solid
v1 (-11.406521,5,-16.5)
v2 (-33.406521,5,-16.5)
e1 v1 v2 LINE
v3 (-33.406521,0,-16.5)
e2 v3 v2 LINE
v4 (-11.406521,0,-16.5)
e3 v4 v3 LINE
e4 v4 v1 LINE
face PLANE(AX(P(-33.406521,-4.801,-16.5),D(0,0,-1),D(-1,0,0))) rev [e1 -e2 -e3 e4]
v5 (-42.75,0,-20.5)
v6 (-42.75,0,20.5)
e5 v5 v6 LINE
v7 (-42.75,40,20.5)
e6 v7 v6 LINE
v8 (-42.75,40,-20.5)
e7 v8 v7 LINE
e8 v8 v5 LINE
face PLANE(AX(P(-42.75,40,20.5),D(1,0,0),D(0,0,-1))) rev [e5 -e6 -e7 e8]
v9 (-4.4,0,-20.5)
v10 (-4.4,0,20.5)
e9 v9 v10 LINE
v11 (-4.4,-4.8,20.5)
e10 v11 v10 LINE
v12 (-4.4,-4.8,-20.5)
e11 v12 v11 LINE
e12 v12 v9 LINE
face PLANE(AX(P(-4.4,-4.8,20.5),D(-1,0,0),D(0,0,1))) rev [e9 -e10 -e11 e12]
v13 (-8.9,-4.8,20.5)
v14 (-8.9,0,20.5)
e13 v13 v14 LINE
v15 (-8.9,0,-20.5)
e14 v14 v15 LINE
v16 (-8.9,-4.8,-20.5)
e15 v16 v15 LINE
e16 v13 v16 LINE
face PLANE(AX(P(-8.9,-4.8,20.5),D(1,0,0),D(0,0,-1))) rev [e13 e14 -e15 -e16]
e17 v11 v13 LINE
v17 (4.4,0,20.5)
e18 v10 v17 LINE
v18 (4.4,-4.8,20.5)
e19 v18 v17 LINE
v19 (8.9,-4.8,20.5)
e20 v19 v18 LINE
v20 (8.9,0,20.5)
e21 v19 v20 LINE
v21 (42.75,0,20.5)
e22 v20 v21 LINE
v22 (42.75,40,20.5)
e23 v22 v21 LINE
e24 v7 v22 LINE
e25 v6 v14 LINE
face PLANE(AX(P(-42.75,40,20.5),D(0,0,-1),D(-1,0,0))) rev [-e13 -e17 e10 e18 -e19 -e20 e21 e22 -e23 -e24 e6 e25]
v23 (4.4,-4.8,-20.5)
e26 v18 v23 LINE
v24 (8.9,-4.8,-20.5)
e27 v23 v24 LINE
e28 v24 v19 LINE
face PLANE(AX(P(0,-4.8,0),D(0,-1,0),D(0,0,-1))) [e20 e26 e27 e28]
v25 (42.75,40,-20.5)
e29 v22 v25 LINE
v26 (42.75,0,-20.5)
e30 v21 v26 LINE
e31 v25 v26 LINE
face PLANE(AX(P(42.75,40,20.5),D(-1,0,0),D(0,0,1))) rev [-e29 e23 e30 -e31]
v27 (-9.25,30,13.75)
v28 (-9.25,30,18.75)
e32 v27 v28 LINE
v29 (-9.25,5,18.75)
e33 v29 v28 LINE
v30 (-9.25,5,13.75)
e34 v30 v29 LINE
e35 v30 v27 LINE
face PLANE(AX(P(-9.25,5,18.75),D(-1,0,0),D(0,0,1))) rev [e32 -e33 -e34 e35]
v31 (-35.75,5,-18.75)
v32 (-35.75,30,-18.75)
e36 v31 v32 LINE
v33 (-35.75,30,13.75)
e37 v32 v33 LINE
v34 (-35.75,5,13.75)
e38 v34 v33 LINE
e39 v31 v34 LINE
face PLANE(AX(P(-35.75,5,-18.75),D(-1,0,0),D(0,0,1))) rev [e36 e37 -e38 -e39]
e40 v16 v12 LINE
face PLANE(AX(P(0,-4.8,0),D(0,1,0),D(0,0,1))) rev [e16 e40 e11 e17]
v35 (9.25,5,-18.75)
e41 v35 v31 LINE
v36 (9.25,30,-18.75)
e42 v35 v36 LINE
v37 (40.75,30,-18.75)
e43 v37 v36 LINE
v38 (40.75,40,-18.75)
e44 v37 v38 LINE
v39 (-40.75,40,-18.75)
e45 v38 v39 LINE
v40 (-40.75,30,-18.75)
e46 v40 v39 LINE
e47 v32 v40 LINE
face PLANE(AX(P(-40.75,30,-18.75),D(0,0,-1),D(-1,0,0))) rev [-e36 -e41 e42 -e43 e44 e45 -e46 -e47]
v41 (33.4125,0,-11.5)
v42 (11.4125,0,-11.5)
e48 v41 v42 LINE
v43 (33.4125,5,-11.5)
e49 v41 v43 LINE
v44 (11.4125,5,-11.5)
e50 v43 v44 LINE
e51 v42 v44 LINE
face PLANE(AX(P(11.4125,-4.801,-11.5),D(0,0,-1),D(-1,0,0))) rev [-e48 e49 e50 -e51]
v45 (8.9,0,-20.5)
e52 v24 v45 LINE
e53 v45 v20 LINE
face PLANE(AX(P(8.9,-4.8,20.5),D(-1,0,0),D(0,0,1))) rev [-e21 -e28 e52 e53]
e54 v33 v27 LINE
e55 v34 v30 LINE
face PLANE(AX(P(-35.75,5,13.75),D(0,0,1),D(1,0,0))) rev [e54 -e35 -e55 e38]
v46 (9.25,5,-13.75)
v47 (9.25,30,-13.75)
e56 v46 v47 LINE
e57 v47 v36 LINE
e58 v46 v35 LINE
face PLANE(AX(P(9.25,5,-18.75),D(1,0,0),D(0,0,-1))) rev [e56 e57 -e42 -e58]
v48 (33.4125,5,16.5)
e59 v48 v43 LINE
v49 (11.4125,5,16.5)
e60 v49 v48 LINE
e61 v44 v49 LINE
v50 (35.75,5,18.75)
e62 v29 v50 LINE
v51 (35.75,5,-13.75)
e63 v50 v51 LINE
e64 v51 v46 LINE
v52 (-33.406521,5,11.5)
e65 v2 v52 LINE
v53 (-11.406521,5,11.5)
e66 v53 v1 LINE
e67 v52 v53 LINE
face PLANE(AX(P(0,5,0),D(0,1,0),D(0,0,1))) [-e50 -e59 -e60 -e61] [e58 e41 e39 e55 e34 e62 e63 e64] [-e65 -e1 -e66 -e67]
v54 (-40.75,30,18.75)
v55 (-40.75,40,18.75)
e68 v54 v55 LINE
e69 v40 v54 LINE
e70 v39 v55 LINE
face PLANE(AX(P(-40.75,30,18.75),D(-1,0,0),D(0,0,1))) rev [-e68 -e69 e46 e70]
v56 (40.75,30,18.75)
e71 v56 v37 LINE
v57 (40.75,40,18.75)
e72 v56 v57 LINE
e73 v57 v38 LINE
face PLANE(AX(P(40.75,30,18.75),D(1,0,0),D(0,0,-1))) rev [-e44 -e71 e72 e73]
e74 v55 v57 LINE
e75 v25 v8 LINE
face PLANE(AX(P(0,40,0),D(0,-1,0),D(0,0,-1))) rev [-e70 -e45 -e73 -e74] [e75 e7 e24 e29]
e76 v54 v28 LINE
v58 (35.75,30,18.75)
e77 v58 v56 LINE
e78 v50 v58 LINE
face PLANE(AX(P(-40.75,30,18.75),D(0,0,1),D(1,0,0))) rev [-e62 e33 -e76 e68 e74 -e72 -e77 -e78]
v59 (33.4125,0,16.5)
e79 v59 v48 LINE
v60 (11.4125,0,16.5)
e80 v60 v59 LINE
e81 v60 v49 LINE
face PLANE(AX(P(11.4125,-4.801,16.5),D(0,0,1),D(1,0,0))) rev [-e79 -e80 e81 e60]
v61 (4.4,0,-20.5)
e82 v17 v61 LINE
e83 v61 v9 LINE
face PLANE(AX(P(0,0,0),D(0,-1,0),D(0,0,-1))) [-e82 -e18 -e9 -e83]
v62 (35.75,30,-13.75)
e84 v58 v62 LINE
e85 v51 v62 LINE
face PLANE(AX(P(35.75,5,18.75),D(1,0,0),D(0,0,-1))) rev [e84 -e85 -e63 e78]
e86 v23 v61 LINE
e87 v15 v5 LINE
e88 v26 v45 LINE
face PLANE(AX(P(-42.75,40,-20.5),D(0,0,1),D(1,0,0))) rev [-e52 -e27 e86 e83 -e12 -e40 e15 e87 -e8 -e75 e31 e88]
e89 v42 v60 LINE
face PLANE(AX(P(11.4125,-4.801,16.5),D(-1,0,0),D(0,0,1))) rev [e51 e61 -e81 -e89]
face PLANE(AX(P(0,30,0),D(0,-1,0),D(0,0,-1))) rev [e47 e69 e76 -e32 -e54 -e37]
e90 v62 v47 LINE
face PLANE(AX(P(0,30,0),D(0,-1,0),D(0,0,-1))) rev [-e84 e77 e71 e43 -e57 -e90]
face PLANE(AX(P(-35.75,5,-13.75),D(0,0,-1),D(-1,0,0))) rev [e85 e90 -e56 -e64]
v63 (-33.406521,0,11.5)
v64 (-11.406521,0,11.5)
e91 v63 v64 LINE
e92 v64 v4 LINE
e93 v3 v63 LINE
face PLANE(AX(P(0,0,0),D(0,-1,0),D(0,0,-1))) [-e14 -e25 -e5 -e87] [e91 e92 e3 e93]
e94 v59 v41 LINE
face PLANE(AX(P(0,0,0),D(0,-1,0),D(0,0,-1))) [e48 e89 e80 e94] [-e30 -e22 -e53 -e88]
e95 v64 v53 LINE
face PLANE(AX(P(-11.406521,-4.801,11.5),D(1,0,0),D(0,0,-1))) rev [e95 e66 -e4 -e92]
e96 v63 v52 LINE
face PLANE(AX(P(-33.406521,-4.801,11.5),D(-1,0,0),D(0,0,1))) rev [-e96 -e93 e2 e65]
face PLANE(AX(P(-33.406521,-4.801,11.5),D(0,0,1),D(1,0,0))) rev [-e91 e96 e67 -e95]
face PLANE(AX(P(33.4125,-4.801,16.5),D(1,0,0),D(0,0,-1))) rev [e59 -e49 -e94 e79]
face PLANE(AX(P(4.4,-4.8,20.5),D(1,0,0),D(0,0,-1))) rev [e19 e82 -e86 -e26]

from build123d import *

# Parameters (mm, degrees)
SKETCH1_W           = 85.5
SKETCH1_H           = 41
BOSS_EXTRUDE1_DEPTH = 40
SKETCH2_W           = 4.5
SKETCH2_H           = 41
BOSS_EXTRUDE2_DEPTH = 4.8
SKETCH5_W           = 81.5
SKETCH5_H           = 37.5
CUT_EXTRUDE1_DEPTH  = 10
SKETCH6_W           = 45
SKETCH6_H           = 5
CUT_EXTRUDE2_DEPTH  = 25
SKETCH7_W           = 71.5
SKETCH7_H           = 27.5
CUT_EXTRUDE3_DEPTH  = 25
CUT_EXTRUDE4_REACH  = 60.931
SKETCH10_W          = 22
SKETCH10_H          = 28


with BuildPart() as part:
    # Sketch1 → Boss-Extrude1 (new body)
    with BuildSketch(Plane(origin=(0, 0, 0), x_dir=(1, 0, 0), z_dir=(0, 1, 0))):
        Rectangle(SKETCH1_W, SKETCH1_H)
    extrude(amount=BOSS_EXTRUDE1_DEPTH)

    # Sketch2 → Boss-Extrude2 (add)
    with BuildSketch(Plane.XZ):
        with Locations((-6.65, 0)):
            Rectangle(SKETCH2_W, SKETCH2_H)
        with Locations((6.65, 0)):
            Rectangle(SKETCH2_W, SKETCH2_H)
    extrude(amount=BOSS_EXTRUDE2_DEPTH)

    # Sketch5 → Cut-Extrude1 (cut)
    with BuildSketch(Plane(origin=(0, 40, 0), x_dir=(1, 0, 0), z_dir=(0, 1, 0))):
        Rectangle(SKETCH5_W, SKETCH5_H)
    extrude(amount=-CUT_EXTRUDE1_DEPTH, mode=Mode.SUBTRACT)

    # Sketch6 → Cut-Extrude2 (cut)
    with BuildSketch(Plane(origin=(0, 30, 0), x_dir=(1, 0, 0), z_dir=(0, 1, 0))):
        with Locations((-13.25, 16.25)):
            Rectangle(SKETCH6_W, SKETCH6_H)
        with Locations((13.25, -16.25)):
            Rectangle(SKETCH6_W, SKETCH6_H)
    extrude(amount=-CUT_EXTRUDE2_DEPTH, mode=Mode.SUBTRACT)

    # Sketch7 → Cut-Extrude3 (cut)
    with BuildSketch(Plane(origin=(0, 30, 0), x_dir=(1, 0, 0), z_dir=(0, 1, 0))):
        Rectangle(SKETCH7_W, SKETCH7_H)
    extrude(amount=-CUT_EXTRUDE3_DEPTH, mode=Mode.SUBTRACT)

    # Sketch10 → Cut-Extrude4 (cut, up to next)
    with BuildSketch(Plane(origin=(0, 5, 0), x_dir=(1, 0, 0), z_dir=(0, 1, 0)), mode=Mode.PRIVATE) as cut_extrude4_sk1:
        with Locations((-22.406521178, 2.5)):
            Rectangle(SKETCH10_W, SKETCH10_H)
    cut_extrude4_tool1 = extrude(cut_extrude4_sk1.sketch, amount=-CUT_EXTRUDE4_REACH, mode=Mode.PRIVATE) & part.part
    # Sketch10 → Cut-Extrude4 (cut, up to next)
    with BuildSketch(Plane(origin=(0, 5, 0), x_dir=(1, 0, 0), z_dir=(0, 1, 0)), mode=Mode.PRIVATE) as cut_extrude4_sk2:
        with Locations((22.4125, -2.5)):
            Rectangle(SKETCH10_W, SKETCH10_H)
    cut_extrude4_tool2 = extrude(cut_extrude4_sk2.sketch, amount=-CUT_EXTRUDE4_REACH, mode=Mode.PRIVATE) & part.part
    add(cut_extrude4_tool1.solids().sort_by_distance((-22.406521, 5, -2.5))[0], mode=Mode.SUBTRACT)
    add(cut_extrude4_tool2.solids().sort_by_distance((22.4125, 5, 2.5))[0], mode=Mode.SUBTRACT)


solid = part.part
